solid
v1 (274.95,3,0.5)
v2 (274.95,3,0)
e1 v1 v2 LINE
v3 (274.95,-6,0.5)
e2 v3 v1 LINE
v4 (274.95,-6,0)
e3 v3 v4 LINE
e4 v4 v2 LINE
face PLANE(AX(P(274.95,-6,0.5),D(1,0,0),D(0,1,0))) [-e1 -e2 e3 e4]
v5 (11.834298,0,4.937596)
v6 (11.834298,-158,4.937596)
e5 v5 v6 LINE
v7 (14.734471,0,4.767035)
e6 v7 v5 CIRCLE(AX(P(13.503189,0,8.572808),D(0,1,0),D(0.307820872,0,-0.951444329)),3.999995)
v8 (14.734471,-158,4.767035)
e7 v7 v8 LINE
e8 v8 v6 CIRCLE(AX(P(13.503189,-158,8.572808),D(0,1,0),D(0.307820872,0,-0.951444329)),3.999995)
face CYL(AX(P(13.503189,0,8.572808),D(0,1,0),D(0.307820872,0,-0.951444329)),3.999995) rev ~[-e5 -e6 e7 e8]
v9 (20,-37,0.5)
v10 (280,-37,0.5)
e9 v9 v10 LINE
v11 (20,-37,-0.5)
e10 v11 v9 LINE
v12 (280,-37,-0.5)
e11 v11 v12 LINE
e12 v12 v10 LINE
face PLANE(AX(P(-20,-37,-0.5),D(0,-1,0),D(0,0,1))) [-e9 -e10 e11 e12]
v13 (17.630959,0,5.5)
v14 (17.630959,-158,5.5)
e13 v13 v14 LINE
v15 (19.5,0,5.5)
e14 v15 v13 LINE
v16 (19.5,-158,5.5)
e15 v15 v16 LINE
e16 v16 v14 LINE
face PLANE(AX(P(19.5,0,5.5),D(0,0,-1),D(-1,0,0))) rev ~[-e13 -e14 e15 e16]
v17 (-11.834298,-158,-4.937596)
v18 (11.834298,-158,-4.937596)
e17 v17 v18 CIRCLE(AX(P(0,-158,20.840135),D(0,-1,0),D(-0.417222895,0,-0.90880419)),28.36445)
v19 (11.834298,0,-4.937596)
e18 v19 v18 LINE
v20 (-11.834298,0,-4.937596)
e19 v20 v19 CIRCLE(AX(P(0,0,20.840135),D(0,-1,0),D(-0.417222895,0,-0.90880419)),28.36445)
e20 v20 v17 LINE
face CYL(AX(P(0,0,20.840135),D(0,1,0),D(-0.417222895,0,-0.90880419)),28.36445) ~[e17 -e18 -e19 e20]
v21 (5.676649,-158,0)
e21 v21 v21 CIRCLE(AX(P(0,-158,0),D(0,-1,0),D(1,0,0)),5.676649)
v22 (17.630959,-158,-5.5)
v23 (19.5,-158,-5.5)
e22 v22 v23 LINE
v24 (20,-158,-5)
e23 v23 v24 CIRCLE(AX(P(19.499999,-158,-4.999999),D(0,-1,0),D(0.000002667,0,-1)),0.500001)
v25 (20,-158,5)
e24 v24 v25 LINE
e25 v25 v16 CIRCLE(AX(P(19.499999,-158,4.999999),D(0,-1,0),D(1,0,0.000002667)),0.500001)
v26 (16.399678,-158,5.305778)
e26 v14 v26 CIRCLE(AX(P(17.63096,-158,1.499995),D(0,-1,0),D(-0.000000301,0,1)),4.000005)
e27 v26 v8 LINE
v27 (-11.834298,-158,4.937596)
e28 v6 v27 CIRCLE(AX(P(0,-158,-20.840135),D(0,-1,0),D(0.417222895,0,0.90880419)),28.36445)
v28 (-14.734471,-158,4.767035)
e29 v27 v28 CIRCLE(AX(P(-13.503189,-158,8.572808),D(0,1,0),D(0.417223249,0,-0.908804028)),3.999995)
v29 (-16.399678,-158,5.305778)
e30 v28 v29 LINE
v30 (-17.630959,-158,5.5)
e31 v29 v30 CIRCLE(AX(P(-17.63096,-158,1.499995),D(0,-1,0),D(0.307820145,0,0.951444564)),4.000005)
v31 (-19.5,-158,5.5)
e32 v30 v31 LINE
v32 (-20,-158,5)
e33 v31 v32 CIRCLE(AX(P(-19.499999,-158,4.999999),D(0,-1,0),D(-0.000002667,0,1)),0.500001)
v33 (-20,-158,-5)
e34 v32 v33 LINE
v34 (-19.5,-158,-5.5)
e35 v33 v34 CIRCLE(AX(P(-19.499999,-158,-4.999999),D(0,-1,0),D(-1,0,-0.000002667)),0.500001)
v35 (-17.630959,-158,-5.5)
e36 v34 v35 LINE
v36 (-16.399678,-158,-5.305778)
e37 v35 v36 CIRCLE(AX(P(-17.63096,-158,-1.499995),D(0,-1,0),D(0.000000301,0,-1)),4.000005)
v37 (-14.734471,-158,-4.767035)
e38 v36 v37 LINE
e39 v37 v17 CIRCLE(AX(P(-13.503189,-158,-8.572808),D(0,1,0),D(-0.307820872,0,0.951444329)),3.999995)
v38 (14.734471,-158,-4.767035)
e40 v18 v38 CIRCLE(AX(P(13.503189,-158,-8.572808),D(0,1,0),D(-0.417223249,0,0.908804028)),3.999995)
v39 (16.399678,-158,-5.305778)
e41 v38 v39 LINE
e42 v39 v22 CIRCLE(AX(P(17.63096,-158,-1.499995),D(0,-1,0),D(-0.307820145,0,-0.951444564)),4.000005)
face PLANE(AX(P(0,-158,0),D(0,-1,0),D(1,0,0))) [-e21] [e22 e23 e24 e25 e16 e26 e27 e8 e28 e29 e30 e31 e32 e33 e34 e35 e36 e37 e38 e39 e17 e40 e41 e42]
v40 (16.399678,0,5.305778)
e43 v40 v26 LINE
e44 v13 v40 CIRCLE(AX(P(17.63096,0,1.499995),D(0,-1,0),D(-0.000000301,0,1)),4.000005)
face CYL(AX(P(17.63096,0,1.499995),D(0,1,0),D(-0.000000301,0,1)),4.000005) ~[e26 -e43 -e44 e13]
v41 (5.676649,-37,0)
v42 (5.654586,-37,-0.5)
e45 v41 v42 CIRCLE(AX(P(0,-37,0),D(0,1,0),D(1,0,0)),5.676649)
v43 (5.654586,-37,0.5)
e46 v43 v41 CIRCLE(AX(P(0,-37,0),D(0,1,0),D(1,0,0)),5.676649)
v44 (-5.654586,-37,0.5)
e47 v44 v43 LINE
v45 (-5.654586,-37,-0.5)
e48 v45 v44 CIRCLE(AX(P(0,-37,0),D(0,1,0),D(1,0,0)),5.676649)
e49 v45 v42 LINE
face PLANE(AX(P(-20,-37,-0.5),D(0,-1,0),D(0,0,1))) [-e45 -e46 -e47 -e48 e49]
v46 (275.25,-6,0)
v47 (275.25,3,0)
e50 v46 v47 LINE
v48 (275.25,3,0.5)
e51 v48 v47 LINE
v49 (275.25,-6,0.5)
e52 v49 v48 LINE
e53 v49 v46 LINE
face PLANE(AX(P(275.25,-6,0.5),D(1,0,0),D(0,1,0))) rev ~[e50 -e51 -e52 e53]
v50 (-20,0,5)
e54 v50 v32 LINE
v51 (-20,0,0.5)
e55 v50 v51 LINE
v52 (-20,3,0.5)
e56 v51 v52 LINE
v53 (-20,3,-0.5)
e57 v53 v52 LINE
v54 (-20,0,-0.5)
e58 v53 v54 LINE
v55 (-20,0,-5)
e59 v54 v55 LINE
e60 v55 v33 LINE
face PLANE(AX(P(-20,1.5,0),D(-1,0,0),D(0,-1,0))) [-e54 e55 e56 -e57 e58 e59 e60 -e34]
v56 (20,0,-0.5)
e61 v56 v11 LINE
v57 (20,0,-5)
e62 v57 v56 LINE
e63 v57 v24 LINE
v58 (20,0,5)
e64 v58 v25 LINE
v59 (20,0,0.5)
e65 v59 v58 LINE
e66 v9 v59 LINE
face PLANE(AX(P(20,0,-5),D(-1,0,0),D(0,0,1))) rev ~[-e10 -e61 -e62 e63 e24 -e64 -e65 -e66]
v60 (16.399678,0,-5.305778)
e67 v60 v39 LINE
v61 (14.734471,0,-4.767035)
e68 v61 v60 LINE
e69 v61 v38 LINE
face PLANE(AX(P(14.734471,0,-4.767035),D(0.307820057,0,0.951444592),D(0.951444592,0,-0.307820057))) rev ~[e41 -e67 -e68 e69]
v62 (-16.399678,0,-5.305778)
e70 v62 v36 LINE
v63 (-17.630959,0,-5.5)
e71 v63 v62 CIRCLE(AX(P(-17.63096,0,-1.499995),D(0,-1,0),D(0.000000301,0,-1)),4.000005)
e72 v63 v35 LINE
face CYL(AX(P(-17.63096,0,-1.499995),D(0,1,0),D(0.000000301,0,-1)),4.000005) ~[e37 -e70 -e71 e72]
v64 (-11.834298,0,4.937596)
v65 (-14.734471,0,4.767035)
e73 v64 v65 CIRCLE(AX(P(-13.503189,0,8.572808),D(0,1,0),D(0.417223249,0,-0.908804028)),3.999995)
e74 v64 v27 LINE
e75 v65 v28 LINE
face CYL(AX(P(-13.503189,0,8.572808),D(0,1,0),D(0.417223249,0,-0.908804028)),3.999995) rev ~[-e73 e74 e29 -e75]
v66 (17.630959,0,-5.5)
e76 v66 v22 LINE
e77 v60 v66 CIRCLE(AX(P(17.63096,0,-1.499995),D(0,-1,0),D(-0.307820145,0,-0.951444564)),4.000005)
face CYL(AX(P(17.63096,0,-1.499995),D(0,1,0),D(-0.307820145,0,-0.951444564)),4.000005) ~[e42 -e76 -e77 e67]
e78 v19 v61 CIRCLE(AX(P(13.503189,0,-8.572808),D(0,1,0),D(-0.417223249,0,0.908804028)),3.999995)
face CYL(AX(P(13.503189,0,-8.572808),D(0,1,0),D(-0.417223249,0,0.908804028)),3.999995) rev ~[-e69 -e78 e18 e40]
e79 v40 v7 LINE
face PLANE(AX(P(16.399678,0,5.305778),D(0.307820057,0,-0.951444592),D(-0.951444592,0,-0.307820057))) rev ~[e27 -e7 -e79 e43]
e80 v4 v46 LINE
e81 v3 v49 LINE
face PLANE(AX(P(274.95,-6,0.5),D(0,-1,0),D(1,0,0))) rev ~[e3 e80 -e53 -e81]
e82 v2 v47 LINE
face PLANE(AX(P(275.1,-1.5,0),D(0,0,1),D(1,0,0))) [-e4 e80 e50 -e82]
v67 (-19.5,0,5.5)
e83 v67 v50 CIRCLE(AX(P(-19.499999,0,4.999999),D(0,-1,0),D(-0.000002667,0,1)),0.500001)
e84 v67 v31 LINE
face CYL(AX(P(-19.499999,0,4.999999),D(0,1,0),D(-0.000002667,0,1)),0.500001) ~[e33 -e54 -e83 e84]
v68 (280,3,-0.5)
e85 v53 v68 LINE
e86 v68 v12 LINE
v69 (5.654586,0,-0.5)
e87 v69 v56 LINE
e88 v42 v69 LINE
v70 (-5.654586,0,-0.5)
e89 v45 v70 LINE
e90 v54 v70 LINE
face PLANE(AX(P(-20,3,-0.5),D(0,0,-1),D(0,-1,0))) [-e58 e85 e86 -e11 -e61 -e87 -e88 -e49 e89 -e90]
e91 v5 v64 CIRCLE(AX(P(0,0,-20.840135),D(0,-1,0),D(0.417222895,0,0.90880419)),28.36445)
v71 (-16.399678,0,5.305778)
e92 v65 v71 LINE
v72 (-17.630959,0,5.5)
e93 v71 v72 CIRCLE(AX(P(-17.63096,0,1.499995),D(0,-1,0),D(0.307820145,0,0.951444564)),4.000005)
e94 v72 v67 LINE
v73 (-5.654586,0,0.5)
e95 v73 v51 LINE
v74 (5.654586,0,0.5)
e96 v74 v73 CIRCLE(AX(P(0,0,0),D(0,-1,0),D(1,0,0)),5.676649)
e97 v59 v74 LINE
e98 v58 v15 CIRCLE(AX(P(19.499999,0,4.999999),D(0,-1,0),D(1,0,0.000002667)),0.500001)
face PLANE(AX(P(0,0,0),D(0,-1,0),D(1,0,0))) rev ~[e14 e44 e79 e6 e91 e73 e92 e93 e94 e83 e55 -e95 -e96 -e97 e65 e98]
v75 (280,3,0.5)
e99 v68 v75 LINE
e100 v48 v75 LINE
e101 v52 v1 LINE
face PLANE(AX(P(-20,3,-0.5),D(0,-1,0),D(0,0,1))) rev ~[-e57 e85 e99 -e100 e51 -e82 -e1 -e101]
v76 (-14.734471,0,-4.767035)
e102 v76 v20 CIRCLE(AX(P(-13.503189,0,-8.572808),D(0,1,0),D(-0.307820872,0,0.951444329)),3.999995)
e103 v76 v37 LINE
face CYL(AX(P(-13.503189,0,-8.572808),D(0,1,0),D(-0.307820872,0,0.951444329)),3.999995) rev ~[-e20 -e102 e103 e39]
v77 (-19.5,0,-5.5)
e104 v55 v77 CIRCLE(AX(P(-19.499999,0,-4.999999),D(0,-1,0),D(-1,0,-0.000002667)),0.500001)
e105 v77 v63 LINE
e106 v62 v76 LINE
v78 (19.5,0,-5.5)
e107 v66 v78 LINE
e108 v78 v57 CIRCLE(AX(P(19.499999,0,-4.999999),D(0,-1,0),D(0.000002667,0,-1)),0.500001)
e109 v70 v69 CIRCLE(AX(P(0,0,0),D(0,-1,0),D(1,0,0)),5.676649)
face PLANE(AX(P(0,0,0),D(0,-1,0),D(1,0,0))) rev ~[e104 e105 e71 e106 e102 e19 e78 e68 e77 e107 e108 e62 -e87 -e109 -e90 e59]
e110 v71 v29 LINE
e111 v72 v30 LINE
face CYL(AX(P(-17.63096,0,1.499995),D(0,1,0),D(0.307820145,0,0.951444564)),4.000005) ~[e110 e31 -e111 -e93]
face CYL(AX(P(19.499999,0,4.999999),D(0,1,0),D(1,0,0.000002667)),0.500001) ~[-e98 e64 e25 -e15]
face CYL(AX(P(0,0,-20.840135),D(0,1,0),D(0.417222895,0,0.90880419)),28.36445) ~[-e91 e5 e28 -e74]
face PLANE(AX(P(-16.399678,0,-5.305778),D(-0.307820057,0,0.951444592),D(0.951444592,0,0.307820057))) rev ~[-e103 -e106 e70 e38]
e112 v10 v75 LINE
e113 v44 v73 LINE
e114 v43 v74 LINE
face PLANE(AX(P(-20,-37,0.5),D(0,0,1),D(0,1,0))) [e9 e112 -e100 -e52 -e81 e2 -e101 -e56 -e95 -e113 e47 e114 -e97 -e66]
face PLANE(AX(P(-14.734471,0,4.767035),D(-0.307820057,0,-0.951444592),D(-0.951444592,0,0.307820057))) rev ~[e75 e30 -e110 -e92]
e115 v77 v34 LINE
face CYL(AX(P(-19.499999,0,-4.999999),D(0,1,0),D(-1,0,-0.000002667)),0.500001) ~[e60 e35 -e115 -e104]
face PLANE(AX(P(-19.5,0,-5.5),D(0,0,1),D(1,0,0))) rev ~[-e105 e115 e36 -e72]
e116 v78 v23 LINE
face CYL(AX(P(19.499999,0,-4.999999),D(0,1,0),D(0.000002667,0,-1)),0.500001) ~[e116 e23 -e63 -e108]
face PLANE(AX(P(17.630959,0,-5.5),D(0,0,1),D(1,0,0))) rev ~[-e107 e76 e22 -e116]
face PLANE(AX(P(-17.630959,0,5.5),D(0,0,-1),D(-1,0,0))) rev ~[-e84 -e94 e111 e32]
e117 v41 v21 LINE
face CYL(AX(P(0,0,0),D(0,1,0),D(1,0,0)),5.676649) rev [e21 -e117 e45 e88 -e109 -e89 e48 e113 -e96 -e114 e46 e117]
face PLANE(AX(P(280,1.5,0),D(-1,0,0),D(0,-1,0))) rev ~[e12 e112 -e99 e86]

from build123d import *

# Parameters (mm, degrees)
F0_R     = 5.676649
F1_DEPTH = 158
F2_W     = 3
F2_H     = 1
F2_W_2   = 37
F3_DEPTH = 300
F4_W     = 0.3
F4_H     = 9
F5_DEPTH = 0.5


with BuildPart() as f1:
    # F0 (on Front) → F1 (new body)
    with BuildSketch(Plane.XZ):
        with BuildLine():
            Line((17.630959, -5.5), (19.5, -5.5))
            ThreePointArc((19.5, -5.5), (19.853553, -5.353553), (20, -5))
            Line((20, -5), (20, 5))
            ThreePointArc((20, 5), (19.853553, 5.353553), (19.5, 5.5))
            Line((19.5, 5.5), (17.630959, 5.5))
            ThreePointArc((17.630959, 5.5), (17.007706, 5.451146), (16.399678, 5.305778))
            Line((16.399678, 5.305778), (14.734471, 4.767035))
            ThreePointArc((14.734471, 4.767035), (13.268353, 4.579712), (11.834298, 4.937596))
            ThreePointArc((11.834298, 4.937596), (0, 7.524315), (-11.834298, 4.937596))
            ThreePointArc((-11.834298, 4.937596), (-13.268353, 4.579712), (-14.734471, 4.767035))
            Line((-14.734471, 4.767035), (-16.399678, 5.305778))
            ThreePointArc((-16.399678, 5.305778), (-17.007706, 5.451146), (-17.630959, 5.5))
            Line((-17.630959, 5.5), (-19.5, 5.5))
            ThreePointArc((-19.5, 5.5), (-19.853553, 5.353553), (-20, 5))
            Line((-20, 5), (-20, -5))
            ThreePointArc((-20, -5), (-19.853553, -5.353553), (-19.5, -5.5))
            Line((-19.5, -5.5), (-17.630959, -5.5))
            ThreePointArc((-17.630959, -5.5), (-17.007706, -5.451146), (-16.399678, -5.305778))
            Line((-16.399678, -5.305778), (-14.734471, -4.767035))
            ThreePointArc((-14.734471, -4.767035), (-13.268353, -4.579712), (-11.834298, -4.937596))
            ThreePointArc((-11.834298, -4.937596), (0, -7.524315), (11.834298, -4.937596))
            ThreePointArc((11.834298, -4.937596), (13.268353, -4.579712), (14.734471, -4.767035))
            Line((14.734471, -4.767035), (16.399678, -5.305778))
            ThreePointArc((16.399678, -5.305778), (17.007706, -5.451146), (17.630959, -5.5))
        make_face()
        Circle(F0_R, mode=Mode.SUBTRACT)
    extrude(amount=F1_DEPTH)

    # F2 (on face) → F3 (join)
    with BuildSketch(Plane(origin=(-20, 0, 0), x_dir=(0, -1, 0), z_dir=(-1, 0, 0))):
        with Locations((-1.5, 0)):
            Rectangle(F2_W, F2_H)
        with Locations((18.5, 0)):
            Rectangle(F2_W_2, F2_H)
    extrude(amount=-F3_DEPTH)

    # F4 (on face) → F5 (cut)
    with BuildSketch(Plane.XY.offset(0.5)):
        with Locations((275.1, -1.5)):
            Rectangle(F4_W, F4_H)
    extrude(amount=-F5_DEPTH, mode=Mode.SUBTRACT)


solid = f1.part
